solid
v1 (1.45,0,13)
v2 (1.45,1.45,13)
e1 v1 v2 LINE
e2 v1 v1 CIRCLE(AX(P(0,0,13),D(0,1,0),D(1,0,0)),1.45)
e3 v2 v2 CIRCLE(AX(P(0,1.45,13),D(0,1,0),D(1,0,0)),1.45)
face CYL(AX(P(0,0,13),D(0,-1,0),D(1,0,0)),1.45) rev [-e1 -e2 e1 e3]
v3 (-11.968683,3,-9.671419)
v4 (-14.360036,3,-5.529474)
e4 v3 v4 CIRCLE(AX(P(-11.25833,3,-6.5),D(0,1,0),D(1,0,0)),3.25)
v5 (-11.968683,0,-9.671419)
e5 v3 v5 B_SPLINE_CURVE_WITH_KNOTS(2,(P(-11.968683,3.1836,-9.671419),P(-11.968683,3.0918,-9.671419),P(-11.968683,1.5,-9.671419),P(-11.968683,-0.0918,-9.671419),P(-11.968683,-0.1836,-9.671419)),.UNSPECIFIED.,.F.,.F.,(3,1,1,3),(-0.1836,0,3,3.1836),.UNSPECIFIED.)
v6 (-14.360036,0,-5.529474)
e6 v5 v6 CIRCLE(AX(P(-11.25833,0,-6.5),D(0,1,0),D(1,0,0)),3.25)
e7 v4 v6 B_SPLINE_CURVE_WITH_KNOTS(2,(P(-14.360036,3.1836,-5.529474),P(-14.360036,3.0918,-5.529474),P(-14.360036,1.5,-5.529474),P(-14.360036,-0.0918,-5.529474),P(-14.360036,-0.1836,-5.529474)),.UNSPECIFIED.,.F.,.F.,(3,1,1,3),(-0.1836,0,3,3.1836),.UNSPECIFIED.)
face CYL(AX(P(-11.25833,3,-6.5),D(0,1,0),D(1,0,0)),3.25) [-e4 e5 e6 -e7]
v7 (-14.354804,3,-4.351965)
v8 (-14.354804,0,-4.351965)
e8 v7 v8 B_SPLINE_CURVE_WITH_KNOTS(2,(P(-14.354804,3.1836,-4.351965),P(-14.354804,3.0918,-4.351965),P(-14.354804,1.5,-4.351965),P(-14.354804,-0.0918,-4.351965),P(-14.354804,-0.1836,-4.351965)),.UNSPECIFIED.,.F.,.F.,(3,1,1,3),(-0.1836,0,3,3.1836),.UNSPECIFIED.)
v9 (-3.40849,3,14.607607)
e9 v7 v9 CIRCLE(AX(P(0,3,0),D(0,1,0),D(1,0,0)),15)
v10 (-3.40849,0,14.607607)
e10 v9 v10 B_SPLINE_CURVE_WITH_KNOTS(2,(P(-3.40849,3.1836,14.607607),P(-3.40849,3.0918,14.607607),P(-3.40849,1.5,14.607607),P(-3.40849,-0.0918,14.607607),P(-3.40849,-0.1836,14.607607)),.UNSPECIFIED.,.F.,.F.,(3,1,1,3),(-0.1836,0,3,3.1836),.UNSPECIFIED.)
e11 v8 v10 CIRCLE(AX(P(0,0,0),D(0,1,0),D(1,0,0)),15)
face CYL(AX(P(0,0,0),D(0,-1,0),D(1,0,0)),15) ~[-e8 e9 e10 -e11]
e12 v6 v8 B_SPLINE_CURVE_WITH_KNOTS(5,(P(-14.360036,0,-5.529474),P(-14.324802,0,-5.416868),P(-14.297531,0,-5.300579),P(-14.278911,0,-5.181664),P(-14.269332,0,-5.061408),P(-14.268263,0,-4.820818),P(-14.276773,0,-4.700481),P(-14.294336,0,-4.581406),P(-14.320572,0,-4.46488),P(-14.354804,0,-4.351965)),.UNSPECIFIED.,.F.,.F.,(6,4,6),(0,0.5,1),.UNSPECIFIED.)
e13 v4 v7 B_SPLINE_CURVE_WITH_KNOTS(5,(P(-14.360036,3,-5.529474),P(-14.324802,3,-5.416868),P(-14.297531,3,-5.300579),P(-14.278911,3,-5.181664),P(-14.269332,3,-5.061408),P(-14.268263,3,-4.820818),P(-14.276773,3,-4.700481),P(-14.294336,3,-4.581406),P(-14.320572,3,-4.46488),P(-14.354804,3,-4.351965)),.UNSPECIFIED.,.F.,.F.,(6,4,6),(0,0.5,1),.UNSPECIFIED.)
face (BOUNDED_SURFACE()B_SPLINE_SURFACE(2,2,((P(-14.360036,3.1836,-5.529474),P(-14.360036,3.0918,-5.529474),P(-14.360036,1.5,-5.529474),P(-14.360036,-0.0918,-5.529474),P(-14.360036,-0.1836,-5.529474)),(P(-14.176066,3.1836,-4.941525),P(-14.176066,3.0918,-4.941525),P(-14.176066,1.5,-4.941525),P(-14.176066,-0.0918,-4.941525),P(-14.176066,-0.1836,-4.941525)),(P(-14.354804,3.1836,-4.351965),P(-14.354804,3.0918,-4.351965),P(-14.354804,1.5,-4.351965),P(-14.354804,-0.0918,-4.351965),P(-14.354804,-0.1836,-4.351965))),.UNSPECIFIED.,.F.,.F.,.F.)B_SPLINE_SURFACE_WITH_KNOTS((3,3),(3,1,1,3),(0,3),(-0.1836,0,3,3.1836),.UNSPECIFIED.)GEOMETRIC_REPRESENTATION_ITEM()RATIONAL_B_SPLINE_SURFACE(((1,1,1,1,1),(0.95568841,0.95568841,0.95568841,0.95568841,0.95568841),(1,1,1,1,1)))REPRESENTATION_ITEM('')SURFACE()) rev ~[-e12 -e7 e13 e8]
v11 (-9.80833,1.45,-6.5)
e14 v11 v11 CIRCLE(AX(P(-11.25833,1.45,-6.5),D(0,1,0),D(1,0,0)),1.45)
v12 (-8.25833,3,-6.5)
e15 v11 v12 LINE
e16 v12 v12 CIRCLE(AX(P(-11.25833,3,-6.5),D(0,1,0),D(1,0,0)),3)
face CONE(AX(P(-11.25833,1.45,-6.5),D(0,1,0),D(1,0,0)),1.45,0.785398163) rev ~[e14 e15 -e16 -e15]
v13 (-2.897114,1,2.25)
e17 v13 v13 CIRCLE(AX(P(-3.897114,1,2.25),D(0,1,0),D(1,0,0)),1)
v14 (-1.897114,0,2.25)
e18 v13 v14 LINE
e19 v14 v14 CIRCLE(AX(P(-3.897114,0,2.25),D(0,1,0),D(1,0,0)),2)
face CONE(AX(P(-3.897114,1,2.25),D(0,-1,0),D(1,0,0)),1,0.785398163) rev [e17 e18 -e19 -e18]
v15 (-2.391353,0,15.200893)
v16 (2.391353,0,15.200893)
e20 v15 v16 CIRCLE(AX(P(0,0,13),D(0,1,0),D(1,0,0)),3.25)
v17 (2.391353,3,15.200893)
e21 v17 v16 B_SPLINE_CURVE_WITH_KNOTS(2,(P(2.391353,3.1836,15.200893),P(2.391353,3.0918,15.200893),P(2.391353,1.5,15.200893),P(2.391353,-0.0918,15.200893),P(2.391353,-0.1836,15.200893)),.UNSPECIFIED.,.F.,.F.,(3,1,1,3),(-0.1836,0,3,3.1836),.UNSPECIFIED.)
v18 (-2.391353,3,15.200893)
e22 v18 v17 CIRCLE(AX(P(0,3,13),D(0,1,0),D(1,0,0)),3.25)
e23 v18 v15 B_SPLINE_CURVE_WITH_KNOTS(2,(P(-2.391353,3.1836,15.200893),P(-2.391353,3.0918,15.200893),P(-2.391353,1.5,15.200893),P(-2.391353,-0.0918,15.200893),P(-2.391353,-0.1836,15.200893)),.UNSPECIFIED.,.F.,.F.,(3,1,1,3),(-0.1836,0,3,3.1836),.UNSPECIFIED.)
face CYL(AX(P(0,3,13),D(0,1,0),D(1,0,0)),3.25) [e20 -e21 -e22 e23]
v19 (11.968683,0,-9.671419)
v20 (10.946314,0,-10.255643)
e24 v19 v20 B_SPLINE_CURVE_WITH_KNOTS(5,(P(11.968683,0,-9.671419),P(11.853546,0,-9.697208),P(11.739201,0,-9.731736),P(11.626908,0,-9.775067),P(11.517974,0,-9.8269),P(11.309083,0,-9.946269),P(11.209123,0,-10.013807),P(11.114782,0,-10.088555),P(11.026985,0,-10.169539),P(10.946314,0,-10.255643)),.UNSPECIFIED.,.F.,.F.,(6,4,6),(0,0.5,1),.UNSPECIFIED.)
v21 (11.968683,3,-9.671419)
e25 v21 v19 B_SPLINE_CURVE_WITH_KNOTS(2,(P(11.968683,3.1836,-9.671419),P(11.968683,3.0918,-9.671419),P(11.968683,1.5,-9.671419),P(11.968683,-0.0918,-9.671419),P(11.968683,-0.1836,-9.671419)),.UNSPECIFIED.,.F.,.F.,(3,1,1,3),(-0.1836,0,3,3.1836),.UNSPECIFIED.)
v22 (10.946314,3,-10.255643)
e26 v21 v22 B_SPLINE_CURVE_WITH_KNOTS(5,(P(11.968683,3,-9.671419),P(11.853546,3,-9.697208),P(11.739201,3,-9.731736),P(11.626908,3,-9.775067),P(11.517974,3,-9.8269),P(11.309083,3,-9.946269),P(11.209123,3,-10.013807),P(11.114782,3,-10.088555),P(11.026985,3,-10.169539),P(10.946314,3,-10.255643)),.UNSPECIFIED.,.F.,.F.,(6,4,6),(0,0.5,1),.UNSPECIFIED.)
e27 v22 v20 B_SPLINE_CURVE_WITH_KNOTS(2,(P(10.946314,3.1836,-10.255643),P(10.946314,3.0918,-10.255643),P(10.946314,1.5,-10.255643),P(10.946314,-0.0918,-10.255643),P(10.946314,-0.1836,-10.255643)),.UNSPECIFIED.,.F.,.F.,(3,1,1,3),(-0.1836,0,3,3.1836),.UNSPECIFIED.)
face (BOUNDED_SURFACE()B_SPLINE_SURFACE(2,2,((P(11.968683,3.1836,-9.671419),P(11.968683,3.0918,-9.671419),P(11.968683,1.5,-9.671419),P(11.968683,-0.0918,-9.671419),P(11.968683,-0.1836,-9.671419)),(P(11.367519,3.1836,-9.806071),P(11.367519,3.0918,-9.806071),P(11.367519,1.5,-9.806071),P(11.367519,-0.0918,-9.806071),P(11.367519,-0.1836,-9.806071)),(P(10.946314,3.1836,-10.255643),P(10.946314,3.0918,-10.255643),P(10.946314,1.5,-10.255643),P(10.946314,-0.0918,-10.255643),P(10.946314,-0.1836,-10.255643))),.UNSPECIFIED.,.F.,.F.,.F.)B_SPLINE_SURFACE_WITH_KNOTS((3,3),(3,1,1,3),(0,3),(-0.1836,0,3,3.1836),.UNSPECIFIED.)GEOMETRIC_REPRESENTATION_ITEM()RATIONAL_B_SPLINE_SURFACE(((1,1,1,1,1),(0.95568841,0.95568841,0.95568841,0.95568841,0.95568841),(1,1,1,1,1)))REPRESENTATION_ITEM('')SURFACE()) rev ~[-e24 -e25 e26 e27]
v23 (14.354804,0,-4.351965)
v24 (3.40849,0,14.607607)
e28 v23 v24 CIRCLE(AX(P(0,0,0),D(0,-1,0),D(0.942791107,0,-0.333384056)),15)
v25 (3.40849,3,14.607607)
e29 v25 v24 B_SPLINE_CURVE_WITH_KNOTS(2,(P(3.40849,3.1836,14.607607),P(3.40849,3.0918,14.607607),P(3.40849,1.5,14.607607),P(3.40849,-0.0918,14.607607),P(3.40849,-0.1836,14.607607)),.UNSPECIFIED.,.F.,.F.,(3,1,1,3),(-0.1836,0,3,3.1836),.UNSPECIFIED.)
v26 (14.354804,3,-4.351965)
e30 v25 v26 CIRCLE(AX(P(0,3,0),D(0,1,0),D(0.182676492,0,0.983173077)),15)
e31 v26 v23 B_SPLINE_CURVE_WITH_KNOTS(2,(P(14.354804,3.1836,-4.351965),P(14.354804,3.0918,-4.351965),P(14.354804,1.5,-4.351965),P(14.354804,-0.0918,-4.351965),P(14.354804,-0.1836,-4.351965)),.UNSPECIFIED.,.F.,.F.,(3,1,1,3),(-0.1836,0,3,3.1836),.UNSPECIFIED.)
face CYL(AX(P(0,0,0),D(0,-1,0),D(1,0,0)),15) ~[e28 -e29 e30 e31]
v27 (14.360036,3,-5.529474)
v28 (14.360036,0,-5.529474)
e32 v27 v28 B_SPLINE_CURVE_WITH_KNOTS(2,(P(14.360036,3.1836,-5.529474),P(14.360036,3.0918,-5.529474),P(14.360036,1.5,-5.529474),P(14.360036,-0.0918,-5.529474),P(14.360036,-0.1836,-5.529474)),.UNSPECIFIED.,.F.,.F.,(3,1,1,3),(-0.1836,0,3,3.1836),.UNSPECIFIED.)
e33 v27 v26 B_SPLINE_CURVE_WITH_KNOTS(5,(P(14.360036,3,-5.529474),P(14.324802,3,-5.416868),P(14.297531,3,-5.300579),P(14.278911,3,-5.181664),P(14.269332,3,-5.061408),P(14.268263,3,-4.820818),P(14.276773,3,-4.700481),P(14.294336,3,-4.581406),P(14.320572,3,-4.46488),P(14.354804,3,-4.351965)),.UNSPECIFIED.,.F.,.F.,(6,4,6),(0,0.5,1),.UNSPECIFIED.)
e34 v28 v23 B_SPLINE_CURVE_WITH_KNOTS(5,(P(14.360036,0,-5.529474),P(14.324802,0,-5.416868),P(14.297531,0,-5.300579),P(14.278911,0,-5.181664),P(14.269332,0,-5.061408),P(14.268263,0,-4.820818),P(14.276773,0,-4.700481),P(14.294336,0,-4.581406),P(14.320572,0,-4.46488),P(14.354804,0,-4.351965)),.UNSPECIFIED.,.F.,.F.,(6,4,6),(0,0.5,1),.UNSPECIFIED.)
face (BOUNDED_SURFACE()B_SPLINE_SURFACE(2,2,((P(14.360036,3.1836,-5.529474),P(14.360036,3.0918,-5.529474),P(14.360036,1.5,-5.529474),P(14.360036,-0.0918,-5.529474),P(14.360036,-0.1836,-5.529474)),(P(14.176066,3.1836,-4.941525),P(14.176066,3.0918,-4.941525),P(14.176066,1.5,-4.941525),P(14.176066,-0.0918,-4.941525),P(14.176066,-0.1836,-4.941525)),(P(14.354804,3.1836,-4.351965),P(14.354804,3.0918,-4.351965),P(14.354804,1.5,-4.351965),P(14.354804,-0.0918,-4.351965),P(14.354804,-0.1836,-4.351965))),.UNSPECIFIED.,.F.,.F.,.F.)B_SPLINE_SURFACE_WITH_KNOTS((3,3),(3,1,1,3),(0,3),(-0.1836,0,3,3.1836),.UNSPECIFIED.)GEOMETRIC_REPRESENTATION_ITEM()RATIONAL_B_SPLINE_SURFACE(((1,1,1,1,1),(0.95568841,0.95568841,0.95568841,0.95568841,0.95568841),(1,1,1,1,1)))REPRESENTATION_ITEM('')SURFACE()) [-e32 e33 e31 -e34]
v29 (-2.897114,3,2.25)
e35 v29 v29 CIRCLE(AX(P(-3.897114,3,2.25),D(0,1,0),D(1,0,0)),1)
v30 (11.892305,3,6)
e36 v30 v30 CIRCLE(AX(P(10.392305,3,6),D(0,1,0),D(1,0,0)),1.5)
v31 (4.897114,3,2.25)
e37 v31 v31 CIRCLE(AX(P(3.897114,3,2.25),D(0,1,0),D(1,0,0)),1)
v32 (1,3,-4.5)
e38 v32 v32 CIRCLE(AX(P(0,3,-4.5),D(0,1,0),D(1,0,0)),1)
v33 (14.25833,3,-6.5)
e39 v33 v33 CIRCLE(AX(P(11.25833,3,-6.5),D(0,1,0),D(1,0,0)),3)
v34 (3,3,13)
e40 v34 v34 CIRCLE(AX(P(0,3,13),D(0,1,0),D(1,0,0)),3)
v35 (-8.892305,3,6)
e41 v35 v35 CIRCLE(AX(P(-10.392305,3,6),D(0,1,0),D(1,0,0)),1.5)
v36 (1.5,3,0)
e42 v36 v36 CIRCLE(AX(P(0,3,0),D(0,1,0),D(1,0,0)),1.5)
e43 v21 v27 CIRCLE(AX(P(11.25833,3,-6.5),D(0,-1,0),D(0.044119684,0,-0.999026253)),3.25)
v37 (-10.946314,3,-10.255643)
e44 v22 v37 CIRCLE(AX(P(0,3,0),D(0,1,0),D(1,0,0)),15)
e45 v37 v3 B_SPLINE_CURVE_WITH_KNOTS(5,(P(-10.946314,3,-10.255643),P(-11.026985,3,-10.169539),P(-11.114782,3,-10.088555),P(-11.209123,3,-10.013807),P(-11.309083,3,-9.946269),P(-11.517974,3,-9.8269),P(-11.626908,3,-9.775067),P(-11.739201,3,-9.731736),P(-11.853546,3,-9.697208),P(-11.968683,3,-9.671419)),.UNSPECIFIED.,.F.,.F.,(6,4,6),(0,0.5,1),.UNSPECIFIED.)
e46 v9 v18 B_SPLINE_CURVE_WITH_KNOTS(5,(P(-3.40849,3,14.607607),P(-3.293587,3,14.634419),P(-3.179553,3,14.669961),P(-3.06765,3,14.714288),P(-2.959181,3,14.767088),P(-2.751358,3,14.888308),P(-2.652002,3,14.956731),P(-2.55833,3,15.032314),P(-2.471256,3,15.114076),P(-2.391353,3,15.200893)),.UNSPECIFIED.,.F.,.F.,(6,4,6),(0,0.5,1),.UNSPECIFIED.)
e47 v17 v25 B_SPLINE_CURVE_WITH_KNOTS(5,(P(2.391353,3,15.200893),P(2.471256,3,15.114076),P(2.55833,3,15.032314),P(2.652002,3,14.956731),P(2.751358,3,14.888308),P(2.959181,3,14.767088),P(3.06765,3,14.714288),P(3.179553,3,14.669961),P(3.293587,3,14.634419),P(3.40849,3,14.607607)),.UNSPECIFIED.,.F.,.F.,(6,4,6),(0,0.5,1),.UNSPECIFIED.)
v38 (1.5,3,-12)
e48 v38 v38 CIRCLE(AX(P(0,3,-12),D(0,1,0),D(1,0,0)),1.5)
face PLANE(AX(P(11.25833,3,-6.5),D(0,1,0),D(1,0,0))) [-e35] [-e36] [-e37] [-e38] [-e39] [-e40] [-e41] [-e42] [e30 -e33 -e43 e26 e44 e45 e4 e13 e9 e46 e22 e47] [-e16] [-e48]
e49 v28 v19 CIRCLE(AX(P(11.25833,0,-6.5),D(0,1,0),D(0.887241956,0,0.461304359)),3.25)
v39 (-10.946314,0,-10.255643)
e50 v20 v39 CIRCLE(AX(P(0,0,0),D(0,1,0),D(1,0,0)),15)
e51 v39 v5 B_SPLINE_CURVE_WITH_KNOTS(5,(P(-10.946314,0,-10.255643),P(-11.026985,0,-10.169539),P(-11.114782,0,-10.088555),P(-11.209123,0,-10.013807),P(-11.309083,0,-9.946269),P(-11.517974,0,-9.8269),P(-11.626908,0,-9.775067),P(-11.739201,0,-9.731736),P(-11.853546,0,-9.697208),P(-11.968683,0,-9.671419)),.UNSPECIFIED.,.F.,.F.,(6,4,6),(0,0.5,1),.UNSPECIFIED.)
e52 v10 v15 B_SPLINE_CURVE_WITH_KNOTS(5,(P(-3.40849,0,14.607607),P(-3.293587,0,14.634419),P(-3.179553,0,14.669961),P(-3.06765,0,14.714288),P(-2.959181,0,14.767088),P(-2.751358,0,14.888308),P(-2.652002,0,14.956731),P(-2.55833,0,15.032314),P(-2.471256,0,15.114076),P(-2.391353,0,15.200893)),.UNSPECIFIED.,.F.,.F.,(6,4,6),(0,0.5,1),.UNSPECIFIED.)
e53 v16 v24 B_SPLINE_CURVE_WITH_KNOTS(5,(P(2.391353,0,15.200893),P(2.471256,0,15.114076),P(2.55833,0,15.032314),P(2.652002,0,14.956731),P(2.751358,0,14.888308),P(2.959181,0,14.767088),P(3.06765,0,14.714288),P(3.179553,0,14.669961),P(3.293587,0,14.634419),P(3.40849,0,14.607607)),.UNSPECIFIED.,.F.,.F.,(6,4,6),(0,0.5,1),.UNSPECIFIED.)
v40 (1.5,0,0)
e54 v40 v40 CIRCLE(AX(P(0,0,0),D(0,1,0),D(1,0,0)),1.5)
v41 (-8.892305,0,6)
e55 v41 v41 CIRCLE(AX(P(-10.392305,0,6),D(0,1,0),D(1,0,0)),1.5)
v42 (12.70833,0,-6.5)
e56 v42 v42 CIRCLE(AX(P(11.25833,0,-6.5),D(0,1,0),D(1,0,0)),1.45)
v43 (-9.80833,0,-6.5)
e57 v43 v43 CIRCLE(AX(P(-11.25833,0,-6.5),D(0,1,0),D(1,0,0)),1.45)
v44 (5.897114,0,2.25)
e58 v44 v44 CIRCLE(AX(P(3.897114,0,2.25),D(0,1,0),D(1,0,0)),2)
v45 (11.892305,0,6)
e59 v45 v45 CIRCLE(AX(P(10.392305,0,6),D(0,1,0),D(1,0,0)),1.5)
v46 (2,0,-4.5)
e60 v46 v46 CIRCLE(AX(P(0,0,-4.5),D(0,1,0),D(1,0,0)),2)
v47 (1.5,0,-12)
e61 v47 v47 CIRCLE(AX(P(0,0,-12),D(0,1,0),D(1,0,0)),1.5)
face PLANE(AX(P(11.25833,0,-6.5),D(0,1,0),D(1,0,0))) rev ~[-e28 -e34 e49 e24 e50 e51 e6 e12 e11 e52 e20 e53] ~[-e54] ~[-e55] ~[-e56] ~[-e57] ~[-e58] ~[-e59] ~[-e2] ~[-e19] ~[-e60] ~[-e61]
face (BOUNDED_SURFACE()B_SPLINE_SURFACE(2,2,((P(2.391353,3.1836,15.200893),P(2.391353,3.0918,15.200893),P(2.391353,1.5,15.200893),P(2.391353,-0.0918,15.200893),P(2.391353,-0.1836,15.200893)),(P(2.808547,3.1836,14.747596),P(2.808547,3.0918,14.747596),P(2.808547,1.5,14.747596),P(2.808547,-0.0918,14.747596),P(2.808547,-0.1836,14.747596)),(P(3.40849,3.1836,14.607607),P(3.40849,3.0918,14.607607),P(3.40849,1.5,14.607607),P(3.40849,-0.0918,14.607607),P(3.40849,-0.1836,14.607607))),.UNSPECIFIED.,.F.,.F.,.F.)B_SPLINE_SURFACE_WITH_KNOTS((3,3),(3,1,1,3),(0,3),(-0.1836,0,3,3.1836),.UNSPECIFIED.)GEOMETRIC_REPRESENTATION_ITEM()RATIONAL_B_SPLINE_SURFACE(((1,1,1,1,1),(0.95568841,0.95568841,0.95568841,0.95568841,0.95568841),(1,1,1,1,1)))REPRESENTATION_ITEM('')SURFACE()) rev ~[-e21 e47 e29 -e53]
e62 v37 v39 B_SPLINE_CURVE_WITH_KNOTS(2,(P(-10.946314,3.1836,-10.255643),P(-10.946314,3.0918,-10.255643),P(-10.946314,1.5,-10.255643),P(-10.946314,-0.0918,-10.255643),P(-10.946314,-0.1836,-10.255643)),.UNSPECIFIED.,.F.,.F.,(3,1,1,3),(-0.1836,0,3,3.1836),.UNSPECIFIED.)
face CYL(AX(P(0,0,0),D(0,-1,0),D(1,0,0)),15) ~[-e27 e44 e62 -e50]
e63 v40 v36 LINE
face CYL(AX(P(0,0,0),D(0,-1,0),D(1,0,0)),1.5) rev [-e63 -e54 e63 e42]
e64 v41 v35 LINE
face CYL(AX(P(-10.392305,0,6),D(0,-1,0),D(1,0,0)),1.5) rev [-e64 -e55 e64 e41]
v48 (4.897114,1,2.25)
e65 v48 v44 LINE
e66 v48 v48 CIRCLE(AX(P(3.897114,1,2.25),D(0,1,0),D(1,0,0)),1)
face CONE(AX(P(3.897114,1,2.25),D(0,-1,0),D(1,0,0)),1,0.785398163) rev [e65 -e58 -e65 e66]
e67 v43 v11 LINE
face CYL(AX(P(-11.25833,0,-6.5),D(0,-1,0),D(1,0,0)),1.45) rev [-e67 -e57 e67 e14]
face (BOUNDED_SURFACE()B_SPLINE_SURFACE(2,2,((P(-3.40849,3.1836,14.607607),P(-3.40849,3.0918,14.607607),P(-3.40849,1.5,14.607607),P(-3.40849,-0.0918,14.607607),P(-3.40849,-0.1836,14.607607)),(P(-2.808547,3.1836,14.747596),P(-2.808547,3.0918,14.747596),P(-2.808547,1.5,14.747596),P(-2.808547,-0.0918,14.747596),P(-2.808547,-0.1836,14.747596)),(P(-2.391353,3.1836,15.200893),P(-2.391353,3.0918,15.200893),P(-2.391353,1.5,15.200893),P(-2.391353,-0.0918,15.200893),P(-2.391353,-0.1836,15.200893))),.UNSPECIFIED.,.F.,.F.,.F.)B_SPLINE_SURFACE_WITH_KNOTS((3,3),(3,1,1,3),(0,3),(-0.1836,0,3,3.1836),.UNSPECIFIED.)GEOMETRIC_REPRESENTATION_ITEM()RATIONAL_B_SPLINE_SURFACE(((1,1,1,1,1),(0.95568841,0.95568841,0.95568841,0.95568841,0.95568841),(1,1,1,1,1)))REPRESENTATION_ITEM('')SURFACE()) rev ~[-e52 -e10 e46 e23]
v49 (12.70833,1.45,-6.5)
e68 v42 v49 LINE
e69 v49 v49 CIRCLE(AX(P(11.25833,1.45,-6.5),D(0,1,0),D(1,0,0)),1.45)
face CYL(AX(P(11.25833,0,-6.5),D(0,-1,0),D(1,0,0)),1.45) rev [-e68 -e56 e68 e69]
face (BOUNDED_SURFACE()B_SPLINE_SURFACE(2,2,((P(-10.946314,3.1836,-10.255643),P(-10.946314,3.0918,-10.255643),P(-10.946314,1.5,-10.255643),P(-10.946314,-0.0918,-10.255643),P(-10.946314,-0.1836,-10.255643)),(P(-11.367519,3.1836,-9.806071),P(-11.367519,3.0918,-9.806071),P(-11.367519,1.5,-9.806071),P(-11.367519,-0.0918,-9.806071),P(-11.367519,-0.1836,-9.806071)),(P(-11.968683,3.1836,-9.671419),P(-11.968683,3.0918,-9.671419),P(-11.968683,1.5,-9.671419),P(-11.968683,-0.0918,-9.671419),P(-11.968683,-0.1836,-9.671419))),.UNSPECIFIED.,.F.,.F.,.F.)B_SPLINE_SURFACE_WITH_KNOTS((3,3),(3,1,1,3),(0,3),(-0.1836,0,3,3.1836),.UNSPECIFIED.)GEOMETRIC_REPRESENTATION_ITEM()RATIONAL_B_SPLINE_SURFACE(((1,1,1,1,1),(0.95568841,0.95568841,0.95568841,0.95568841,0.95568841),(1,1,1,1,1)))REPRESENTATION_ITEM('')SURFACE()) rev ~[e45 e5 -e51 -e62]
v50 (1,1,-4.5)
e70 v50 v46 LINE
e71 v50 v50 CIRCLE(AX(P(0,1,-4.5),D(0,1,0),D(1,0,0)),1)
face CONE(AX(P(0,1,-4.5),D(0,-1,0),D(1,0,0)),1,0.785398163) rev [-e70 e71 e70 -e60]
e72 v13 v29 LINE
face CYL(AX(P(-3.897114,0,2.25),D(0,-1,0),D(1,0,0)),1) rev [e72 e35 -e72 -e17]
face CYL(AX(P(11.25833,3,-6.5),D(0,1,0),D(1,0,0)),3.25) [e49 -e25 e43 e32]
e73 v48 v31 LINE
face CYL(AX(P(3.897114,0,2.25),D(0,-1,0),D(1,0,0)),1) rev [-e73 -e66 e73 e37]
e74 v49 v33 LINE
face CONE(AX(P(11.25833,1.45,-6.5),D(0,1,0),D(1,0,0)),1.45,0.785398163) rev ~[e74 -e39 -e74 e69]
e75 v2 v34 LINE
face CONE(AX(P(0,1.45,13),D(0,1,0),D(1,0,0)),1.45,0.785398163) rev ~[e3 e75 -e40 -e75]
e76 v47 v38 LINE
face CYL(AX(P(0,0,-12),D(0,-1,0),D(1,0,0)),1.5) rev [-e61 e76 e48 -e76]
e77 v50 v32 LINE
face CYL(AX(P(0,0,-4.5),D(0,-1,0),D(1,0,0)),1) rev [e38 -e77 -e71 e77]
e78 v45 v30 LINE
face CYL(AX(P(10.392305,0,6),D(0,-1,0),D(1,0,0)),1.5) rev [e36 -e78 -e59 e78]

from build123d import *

# Parameters (mm, degrees)
SKETCH_1_R      = 15
SKETCH_1_R_2    = 1.45
SKETCH_1_R_3    = 1.5
SKETCH_1_R_4    = 1
EXTRUDE_1_DEPTH = 3
CHAMFER_1_SIZE  = 1
SKETCH_2_R      = 3.25
SKETCH_2_R_2    = 1.45
EXTRUDE_2_DEPTH = 3
CHAMFER_2_SIZE  = 1.55
FILLET_1_R      = 2


with BuildPart() as part:
    # 草图1 → 凸台-拉伸1 (new body)
    with BuildSketch(Plane(origin=(0, 0, 0), x_dir=(1, 0, 0), z_dir=(0, 1, 0))):
        Circle(SKETCH_1_R)
        with Locations((0, -13)):
            Circle(SKETCH_1_R_2, mode=Mode.SUBTRACT)
        with Locations((-11.258330249, 6.5)):
            Circle(SKETCH_1_R_2, mode=Mode.SUBTRACT)
        with Locations((11.258330249, 6.5)):
            Circle(SKETCH_1_R_2, mode=Mode.SUBTRACT)
        with Locations((0, 12)):
            Circle(SKETCH_1_R_3, mode=Mode.SUBTRACT)
        with Locations((10.392304845, -6)):
            Circle(SKETCH_1_R_3, mode=Mode.SUBTRACT)
        with Locations((-10.392304845, -6)):
            Circle(SKETCH_1_R_3, mode=Mode.SUBTRACT)
        with Locations((0, 4.5)):
            Circle(SKETCH_1_R_4, mode=Mode.SUBTRACT)
        with Locations((3.897114317, -2.25)):
            Circle(SKETCH_1_R_4, mode=Mode.SUBTRACT)
        with Locations((-3.897114317, -2.25)):
            Circle(SKETCH_1_R_4, mode=Mode.SUBTRACT)
        Circle(SKETCH_1_R_3, mode=Mode.SUBTRACT)
    extrude(amount=EXTRUDE_1_DEPTH)

    # 倒角1
    chamfer_1_edges = [part.edges().sort_by_distance(p)[0] for p in [
        (-1, 0, -4.5),
        (2.897114317, 0, 2.25),
        (-4.897114317, 0, 2.25),
    ]]
    chamfer(chamfer_1_edges, length=CHAMFER_1_SIZE)

    # 草图2 → 凸台-拉伸2 (add)
    with BuildSketch(Plane(origin=(0, 3, 0), x_dir=(1, 0, 0), z_dir=(0, 1, 0))):
        with Locations((11.258330249, 6.5)):
            Circle(SKETCH_2_R)
        with Locations((11.258330249, 6.5)):
            Circle(SKETCH_2_R_2, mode=Mode.SUBTRACT)
        with Locations((0, -13)):
            Circle(SKETCH_2_R)
        with Locations((0, -13)):
            Circle(SKETCH_2_R_2, mode=Mode.SUBTRACT)
        with Locations((-11.258330249, 6.5)):
            Circle(SKETCH_2_R)
        with Locations((-11.258330249, 6.5)):
            Circle(SKETCH_2_R_2, mode=Mode.SUBTRACT)
    extrude(amount=-EXTRUDE_2_DEPTH)

    # 倒角2
    chamfer_2_edges = [part.edges().sort_by_distance(p)[0] for p in [
        (9.808330249, 3, -6.5),
        (-1.45, 3, 13),
        (-12.708330249, 3, -6.5),
    ]]
    chamfer(chamfer_2_edges, length=CHAMFER_2_SIZE)

    # 圆角1
    fillet_1_edges = [part.edges().sort_by_distance(p)[0] for p in [
        (11.401719222, 1.5, -9.746835321),
        (14.141866606, 1.5, -5.000760833),
        (2.740147383, 1.5, 14.747596154),
        (-2.740147383, 1.5, 14.747596154),
        (-11.401719222, 1.5, -9.746835321),
        (-14.141866606, 1.5, -5.000760833),
    ]]
    fillet(fillet_1_edges, radius=FILLET_1_R)


solid = part.part
